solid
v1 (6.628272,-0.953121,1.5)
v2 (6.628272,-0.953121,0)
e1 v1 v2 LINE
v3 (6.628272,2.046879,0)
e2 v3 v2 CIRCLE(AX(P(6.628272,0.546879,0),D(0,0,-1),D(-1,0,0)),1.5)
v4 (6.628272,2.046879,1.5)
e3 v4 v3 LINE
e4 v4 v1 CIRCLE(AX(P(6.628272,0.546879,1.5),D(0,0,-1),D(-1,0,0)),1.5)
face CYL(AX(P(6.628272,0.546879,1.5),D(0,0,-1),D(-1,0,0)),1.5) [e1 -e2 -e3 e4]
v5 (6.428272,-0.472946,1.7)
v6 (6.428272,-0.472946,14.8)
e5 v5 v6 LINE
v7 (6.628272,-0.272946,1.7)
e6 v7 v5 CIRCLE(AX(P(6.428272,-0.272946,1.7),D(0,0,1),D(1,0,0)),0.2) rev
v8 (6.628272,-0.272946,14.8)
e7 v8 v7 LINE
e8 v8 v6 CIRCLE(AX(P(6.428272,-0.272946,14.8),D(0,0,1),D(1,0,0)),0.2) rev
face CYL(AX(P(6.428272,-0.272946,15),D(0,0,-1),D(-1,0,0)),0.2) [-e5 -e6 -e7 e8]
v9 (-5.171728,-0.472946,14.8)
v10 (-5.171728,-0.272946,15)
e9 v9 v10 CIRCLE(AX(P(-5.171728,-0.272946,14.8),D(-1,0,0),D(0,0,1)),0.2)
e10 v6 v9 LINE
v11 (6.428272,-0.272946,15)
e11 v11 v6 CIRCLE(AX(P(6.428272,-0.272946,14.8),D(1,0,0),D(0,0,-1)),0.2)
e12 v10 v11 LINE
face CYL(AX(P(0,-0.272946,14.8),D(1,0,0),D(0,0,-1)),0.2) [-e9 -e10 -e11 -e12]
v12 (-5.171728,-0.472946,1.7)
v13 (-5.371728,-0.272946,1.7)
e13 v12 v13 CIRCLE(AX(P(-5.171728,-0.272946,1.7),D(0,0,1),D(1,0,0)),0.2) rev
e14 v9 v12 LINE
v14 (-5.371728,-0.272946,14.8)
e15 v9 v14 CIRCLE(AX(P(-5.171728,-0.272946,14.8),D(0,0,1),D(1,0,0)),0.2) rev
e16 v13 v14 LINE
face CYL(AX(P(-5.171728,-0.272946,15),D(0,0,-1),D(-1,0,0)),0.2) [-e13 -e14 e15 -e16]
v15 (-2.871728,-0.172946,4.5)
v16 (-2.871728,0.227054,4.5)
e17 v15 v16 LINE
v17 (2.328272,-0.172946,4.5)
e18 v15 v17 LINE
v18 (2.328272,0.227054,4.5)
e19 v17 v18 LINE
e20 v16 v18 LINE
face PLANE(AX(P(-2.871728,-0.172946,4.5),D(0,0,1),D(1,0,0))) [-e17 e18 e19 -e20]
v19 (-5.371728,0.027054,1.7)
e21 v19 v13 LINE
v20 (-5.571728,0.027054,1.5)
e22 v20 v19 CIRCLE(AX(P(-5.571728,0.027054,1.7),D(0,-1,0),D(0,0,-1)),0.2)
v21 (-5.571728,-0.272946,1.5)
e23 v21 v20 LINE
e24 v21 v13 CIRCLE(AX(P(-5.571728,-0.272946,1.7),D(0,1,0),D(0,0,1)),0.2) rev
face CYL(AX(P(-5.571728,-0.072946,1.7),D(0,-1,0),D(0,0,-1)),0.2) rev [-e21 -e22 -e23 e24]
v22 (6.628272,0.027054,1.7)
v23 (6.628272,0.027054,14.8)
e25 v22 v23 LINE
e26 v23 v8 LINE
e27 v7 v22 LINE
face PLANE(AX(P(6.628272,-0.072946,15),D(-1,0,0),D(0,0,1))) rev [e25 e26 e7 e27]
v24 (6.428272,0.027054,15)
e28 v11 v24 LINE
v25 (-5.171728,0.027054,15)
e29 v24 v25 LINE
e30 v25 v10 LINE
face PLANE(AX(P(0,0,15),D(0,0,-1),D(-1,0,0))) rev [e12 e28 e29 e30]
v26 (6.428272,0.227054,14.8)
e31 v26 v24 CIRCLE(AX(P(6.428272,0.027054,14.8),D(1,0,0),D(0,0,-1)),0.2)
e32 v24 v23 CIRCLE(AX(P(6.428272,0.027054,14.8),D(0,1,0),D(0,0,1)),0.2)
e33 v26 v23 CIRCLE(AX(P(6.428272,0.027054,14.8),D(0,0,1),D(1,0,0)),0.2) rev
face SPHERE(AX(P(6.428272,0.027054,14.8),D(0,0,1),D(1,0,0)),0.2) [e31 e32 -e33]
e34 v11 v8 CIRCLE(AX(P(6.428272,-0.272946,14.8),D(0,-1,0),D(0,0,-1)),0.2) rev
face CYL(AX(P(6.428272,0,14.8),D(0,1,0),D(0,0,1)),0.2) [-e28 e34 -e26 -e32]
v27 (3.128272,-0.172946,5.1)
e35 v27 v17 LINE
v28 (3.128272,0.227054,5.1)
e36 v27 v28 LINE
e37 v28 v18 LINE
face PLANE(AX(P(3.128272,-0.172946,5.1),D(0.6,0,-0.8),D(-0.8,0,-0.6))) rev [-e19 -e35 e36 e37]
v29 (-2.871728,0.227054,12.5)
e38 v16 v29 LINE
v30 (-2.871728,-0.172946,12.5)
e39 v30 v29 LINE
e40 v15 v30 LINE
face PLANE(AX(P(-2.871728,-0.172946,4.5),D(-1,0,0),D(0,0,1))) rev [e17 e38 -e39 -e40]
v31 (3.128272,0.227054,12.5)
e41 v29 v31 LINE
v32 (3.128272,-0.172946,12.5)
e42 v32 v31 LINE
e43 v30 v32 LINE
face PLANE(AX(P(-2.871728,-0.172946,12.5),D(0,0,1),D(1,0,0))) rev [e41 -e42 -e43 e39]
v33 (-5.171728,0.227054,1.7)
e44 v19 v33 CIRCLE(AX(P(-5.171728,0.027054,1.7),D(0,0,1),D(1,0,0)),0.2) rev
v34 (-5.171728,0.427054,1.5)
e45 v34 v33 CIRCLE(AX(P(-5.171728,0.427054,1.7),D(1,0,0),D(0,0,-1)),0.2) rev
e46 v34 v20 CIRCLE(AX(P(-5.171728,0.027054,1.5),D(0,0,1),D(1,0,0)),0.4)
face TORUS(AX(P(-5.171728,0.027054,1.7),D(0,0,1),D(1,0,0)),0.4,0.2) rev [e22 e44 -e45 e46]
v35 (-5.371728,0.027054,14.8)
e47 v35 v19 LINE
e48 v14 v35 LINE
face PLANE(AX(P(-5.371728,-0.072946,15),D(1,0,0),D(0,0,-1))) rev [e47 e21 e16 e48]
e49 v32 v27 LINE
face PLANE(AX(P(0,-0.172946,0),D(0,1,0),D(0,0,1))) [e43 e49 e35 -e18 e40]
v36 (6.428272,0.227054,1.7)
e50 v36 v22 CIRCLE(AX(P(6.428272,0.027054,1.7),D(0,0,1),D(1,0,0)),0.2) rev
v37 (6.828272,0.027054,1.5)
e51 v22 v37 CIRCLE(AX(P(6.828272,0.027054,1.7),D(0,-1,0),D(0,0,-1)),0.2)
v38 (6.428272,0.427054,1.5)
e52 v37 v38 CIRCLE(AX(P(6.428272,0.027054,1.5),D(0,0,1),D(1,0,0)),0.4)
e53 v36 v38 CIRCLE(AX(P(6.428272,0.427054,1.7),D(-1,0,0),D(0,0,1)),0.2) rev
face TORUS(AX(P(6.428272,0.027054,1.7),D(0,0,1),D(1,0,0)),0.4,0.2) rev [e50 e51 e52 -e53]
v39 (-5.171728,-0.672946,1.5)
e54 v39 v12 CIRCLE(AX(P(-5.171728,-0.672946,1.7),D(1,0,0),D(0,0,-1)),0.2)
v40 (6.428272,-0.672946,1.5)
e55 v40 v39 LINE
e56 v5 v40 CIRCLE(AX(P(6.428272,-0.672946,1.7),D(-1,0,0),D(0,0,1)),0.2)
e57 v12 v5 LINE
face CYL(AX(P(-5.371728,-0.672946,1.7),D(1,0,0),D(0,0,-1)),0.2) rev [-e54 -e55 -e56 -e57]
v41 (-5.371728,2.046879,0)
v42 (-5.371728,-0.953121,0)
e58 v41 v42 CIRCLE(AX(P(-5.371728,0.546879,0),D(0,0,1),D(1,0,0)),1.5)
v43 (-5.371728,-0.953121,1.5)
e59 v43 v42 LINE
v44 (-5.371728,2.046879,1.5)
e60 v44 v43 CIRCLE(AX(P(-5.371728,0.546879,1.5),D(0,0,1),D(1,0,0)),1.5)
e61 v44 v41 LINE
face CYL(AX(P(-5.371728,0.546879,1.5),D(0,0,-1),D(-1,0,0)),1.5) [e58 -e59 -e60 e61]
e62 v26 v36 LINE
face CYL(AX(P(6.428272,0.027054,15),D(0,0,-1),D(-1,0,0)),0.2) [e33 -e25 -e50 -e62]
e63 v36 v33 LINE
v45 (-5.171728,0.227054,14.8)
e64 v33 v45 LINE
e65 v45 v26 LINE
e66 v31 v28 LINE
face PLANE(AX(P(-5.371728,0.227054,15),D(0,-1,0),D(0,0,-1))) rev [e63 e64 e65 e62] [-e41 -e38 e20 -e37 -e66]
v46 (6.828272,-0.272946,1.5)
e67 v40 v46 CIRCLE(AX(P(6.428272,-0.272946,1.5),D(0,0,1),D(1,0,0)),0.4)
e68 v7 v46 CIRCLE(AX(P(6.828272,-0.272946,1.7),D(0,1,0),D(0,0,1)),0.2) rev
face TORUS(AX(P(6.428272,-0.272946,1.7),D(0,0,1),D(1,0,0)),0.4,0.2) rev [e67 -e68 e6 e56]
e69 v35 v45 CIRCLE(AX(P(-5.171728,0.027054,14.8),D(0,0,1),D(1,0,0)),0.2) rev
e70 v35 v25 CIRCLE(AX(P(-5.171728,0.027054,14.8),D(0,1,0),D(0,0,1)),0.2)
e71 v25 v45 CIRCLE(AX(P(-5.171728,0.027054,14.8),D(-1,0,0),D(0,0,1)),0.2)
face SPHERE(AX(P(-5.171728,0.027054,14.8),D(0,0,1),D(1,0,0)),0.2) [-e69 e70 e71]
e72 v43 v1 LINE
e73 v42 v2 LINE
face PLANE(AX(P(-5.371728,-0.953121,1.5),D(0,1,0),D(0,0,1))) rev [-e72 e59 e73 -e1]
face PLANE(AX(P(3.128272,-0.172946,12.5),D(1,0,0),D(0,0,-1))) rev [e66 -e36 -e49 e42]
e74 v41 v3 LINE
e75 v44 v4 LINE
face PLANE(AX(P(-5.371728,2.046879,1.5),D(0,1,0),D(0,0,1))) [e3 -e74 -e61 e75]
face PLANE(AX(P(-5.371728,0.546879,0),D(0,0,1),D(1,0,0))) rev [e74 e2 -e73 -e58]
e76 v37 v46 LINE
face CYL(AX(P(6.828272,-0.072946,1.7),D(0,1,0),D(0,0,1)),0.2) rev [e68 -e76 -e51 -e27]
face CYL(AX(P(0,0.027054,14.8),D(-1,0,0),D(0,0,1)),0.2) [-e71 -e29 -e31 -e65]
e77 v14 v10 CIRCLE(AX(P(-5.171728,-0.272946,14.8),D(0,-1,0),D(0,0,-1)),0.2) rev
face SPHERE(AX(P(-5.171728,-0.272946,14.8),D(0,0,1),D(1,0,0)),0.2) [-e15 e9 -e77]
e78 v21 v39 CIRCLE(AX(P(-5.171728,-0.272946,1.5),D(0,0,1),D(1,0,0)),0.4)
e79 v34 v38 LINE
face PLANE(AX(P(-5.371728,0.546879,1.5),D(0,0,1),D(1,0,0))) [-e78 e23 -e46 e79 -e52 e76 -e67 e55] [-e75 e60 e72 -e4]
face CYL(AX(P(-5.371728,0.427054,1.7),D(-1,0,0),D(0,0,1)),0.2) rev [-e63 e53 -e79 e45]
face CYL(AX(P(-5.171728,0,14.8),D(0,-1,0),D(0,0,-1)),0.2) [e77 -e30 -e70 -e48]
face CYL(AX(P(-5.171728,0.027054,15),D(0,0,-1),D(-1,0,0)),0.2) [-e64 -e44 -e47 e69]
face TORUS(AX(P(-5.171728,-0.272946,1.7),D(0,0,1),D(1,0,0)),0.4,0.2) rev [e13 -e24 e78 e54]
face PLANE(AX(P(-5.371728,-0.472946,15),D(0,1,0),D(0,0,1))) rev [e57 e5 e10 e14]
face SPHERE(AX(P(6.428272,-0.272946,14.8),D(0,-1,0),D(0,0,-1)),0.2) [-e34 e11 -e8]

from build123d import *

# Parameters (mm, degrees)
EXTRUDE_3_DEPTH     = 1.5
EXTRUDE_4_DEPTH     = 13.5
CUT_EXTRUDE_2_DEPTH = 0.4
FILLET_2_R          = 0.2
CUT_EXTRUDE_3_DEPTH = 0.4


with BuildPart() as part:
    # 草图1 → 凸台-拉伸3 (new body)
    with BuildSketch(Plane.XY):
        with BuildLine():
            Line((-5.371727749, 2.046879183), (6.628272251, 2.046879183))
            ThreePointArc((6.628272251, 2.046879183), (8.128272251, 0.546879183), (6.628272251, -0.953120817))
            Line((6.628272251, -0.953120817), (-5.371727749, -0.953120817))
            ThreePointArc((-5.371727749, -0.953120817), (-6.871727749, 0.546879183), (-5.371727749, 2.046879183))
        make_face()
    extrude(amount=EXTRUDE_3_DEPTH)

    # 草图2 → 凸台-拉伸4 (add)
    with BuildSketch(Plane.XY.offset(1.5)):
        Polygon((-5.371727749, -0.07294571), (-5.371727749, 0.22705429), (6.628272251, 0.22705429), (6.628272251, -0.07294571), (6.628272251, -0.47294571), (-5.371727749, -0.47294571), align=None)
    extrude(amount=EXTRUDE_4_DEPTH)

    # 草图3 → 切除-拉伸2 (cut)
    with BuildSketch(Plane(origin=(0, 0.22705429, 0), x_dir=(1, 0, 0), z_dir=(0, 1, 0))):
        Polygon((-2.871727749, -4.5), (-2.871727749, -12.5), (3.128272251, -12.5), (3.128272251, -5.1), (1.784565104, -4.5), align=None)
    extrude(amount=-CUT_EXTRUDE_2_DEPTH, mode=Mode.SUBTRACT)

    # 圆角2
    fillet_2_edges = [part.edges().sort_by_distance(p)[0] for p in [
        (0.628272251, 0.22705429, 1.5),
        (6.628272251, 0.22705429, 8.25),
        (-5.371727749, -0.12294571, 1.5),
        (-5.371727749, 0.22705429, 8.25),
        (0.628272251, -0.47294571, 1.5),
        (-5.371727749, -0.47294571, 8.25),
        (6.628272251, -0.12294571, 1.5),
        (6.628272251, -0.47294571, 8.25),
        (6.628272251, -0.12294571, 15),
        (0.628272251, 0.22705429, 15),
        (-5.371727749, -0.12294571, 15),
        (0.628272251, -0.47294571, 15),
    ]]
    fillet(fillet_2_edges, radius=FILLET_2_R)

    # 草图4 → 切除-拉伸3 (cut)
    with BuildSketch(Plane(origin=(0, 0.22705429, 0), x_dir=(1, 0, 0), z_dir=(0, 1, 0))):
        Polygon((-2.871727749, -12.5), (-2.871727749, -4.5), (2.328272251, -4.5), (3.128272251, -5.1), (3.128272251, -12.5), align=None)
    extrude(amount=-CUT_EXTRUDE_3_DEPTH, mode=Mode.SUBTRACT)


solid = part.part
